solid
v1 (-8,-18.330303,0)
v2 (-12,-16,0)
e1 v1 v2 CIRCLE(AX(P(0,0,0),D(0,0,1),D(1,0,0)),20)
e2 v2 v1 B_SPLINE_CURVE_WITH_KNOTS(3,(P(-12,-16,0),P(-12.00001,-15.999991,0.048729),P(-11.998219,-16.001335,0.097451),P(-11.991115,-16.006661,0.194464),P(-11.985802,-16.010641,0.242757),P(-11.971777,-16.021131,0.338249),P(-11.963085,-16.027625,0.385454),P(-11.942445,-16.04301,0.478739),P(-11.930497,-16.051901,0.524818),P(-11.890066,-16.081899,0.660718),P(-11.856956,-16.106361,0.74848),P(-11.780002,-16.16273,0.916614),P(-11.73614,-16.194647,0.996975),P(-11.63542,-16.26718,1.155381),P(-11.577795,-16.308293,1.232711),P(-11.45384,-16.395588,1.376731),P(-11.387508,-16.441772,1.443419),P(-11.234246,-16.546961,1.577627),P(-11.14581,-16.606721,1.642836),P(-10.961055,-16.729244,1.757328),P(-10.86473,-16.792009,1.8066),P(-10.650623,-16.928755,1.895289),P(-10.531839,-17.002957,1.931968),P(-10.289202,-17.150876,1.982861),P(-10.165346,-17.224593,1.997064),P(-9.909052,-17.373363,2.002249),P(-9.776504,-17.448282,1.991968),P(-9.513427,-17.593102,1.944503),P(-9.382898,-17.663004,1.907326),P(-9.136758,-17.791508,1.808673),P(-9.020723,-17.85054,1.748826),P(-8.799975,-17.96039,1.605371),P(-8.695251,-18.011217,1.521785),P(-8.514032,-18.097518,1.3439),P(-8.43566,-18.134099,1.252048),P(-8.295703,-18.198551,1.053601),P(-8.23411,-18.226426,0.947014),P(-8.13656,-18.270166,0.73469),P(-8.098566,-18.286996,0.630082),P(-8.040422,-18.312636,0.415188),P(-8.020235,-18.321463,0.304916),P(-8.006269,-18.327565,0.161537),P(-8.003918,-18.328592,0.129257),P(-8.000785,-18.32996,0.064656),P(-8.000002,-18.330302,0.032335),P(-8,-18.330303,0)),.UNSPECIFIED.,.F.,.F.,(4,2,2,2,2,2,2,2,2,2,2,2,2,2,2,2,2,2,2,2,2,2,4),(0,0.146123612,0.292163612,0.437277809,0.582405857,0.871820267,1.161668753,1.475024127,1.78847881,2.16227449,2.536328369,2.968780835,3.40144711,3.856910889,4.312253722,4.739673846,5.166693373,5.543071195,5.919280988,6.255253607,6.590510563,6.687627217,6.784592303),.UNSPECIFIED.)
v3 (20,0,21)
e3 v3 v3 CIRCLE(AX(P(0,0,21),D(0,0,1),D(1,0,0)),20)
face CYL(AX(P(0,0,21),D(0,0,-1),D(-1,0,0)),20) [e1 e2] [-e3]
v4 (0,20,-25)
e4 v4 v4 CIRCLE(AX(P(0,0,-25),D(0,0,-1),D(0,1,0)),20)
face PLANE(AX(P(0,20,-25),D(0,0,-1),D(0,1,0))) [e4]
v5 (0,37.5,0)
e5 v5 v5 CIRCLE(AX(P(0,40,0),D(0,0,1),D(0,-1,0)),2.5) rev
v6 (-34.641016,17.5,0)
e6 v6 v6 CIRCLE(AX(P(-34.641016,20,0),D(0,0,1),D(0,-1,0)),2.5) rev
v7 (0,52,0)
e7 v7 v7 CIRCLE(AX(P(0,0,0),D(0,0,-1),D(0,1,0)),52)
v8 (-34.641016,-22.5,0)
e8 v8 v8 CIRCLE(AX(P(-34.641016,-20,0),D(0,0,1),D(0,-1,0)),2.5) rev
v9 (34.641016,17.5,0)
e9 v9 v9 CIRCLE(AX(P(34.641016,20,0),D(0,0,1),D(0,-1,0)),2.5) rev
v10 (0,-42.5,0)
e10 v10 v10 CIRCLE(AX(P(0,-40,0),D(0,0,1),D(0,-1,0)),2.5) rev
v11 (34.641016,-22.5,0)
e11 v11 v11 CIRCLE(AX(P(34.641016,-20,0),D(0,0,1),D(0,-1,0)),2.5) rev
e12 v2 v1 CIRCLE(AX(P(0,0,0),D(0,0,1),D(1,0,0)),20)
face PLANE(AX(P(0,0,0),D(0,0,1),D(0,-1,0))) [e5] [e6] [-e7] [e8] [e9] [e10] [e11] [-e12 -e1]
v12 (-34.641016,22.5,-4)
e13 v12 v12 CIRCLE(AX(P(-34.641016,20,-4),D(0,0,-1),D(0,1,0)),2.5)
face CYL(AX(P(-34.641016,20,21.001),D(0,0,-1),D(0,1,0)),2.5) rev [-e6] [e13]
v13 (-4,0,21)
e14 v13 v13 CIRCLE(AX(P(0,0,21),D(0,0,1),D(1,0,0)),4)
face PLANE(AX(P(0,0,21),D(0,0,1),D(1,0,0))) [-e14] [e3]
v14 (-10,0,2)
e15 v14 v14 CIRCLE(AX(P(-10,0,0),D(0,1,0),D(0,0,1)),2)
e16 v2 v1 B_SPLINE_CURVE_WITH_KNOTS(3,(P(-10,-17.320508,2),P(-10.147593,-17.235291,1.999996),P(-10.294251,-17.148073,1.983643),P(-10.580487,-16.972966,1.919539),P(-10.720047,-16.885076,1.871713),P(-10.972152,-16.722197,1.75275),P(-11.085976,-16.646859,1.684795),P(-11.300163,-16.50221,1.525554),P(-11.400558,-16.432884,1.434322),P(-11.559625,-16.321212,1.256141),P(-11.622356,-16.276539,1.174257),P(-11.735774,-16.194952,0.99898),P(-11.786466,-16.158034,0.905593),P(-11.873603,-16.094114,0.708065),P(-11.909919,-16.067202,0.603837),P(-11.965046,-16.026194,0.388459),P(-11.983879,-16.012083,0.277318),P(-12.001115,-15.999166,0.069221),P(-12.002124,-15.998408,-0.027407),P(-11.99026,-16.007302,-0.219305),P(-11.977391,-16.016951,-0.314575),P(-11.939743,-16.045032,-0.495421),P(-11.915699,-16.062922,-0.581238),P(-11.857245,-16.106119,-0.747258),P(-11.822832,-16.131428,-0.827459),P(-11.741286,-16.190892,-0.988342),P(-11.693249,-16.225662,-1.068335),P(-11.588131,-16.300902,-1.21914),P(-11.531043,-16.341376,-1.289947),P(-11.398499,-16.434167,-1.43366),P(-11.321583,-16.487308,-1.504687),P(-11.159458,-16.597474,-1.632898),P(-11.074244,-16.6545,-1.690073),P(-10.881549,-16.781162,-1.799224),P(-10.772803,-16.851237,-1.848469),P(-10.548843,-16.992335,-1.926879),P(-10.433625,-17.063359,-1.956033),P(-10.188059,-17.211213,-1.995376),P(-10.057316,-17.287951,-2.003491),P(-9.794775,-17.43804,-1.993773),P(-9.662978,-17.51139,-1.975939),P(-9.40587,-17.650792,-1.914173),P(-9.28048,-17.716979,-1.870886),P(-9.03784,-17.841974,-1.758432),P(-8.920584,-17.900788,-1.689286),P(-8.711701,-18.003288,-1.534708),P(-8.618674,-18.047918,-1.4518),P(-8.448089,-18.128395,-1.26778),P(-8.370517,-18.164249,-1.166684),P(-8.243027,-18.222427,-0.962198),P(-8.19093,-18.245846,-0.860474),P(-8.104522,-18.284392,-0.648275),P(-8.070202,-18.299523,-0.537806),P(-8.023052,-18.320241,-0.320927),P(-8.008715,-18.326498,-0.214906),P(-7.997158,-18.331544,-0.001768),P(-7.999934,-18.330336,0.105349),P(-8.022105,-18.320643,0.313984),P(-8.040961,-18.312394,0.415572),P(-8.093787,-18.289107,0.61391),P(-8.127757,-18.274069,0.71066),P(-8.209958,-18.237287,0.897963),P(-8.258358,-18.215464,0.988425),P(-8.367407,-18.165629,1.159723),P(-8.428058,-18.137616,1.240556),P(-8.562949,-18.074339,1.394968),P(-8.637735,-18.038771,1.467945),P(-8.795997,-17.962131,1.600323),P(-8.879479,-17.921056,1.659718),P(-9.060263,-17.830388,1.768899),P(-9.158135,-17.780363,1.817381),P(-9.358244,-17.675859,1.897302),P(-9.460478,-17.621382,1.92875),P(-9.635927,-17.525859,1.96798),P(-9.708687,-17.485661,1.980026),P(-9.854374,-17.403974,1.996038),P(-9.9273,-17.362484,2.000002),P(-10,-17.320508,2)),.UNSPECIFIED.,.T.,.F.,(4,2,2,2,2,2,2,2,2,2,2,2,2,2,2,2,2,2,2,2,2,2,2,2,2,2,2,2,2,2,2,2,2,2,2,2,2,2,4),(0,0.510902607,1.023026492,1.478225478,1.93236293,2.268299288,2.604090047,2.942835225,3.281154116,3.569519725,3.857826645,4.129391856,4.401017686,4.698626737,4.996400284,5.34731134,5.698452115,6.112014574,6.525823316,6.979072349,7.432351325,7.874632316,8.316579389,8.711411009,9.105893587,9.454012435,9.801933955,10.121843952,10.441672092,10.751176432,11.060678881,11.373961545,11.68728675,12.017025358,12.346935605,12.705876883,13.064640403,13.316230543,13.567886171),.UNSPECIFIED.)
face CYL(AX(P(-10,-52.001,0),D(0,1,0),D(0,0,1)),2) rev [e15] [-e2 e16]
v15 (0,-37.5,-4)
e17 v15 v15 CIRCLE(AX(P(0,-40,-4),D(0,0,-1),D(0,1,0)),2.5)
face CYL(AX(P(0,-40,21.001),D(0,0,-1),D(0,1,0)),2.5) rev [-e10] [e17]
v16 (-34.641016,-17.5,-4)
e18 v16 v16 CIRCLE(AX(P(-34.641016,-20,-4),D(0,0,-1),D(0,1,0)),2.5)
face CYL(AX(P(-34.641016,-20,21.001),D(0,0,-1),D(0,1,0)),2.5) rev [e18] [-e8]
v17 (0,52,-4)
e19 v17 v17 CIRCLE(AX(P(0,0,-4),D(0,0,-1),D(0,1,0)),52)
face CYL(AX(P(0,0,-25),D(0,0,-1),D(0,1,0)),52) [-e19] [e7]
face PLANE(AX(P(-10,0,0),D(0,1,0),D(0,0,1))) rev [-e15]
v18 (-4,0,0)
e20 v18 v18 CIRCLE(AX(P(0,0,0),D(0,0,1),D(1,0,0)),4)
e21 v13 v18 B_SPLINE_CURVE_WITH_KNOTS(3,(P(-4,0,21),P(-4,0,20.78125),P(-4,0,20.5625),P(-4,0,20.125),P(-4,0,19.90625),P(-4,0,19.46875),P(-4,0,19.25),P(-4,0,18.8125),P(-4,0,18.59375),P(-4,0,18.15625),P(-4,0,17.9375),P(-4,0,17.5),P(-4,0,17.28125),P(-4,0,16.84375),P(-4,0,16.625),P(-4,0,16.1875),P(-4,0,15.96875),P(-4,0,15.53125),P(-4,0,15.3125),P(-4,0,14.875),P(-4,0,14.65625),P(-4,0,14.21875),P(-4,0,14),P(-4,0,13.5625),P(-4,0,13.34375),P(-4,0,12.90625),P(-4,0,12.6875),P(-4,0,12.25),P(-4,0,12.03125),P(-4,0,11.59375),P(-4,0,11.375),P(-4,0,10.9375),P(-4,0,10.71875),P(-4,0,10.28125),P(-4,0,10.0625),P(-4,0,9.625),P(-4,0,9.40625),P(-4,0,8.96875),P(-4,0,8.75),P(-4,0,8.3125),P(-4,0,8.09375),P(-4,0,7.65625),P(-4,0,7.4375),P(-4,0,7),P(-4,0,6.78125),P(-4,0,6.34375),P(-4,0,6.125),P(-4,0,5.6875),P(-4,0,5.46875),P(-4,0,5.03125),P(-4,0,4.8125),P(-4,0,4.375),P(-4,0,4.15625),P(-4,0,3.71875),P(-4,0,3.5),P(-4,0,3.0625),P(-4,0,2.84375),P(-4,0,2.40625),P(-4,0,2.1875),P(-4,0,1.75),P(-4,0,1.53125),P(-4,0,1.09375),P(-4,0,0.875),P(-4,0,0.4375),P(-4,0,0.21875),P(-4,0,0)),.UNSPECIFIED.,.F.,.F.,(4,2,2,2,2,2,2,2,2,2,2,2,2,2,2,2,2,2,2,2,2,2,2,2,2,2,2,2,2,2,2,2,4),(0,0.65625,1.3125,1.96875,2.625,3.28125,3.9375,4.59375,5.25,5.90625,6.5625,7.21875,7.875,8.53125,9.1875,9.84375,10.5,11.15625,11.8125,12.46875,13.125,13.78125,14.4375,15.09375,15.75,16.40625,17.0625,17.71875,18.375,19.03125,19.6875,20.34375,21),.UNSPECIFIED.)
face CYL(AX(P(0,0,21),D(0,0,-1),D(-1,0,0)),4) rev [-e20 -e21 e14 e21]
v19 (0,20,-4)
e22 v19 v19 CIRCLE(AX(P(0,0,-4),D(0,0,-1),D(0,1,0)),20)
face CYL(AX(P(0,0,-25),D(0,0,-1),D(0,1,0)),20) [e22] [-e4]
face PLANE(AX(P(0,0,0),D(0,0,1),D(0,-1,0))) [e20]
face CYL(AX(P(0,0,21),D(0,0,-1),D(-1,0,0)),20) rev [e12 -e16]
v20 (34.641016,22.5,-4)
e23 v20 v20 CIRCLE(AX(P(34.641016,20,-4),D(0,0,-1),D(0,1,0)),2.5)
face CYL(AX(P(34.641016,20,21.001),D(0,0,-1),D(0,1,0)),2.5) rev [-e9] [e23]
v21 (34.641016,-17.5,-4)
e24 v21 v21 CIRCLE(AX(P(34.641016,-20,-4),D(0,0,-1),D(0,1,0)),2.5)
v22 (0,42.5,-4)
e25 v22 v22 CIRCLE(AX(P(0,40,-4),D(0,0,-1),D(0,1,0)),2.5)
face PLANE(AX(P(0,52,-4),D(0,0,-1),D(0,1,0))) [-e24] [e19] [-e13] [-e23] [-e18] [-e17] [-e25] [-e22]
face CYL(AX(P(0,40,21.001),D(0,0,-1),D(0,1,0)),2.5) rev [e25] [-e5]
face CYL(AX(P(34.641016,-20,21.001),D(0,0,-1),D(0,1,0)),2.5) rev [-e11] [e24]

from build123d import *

# Parameters (mm, degrees)
SKETCH2_R               = 20
SKETCH2_R_2             = 4
BOSS_EXTRUDE1_DEPTH     = 21
CUT_EXTRUDE2_REACH      = 79.672
SKETCH3_R               = 2.5
CUT_EXTRUDE3_REACH      = 79.672
CUT_EXTRUDE3_END_RADIUS = 20
SKETCH4_R               = 2


with BuildPart() as part:
    # Sketch1 → Revolve1 (revolve)
    with BuildSketch(Plane(origin=(0, 0, 0), x_dir=(0, 0, -1), z_dir=(1, 0, 0))):
        Polygon((0, 0), (0, 52), (4, 52), (4, 20), (25, 20), (25, 0), align=None)
    revolve(axis=Axis((0, 0, -25), (0, 0, 1)))

    # Sketch2 → Boss-Extrude1 (add)
    with BuildSketch(Plane.XY):
        with Locations(Location((0, 0, 0), (0, 0, 90))):
            Circle(SKETCH2_R)
        with Locations(Location((0, 0, 0), (0, 0, 180))):
            Circle(SKETCH2_R_2, mode=Mode.SUBTRACT)
    extrude(amount=BOSS_EXTRUDE1_DEPTH)

    # Sketch3 → Cut-Extrude2 (cut, up to next)
    with BuildSketch(Plane(origin=(0, 0, -4), x_dir=(-1, 0, 0), z_dir=(0, 0, -1)), mode=Mode.PRIVATE) as cut_extrude2_sk1:
        with Locations(Location((0, 40, 0), (0, 0, 90))):
            Circle(SKETCH3_R)
    cut_extrude2_tool1 = extrude(cut_extrude2_sk1.sketch, amount=-CUT_EXTRUDE2_REACH, mode=Mode.PRIVATE) & part.part
    # Sketch3 → Cut-Extrude2 (cut, up to next)
    with BuildSketch(Plane(origin=(0, 0, -4), x_dir=(-1, 0, 0), z_dir=(0, 0, -1)), mode=Mode.PRIVATE) as cut_extrude2_sk2:
        with Locations(Location((34.641016151, 20, 0), (0, 0, 90))):
            Circle(SKETCH3_R)
    cut_extrude2_tool2 = extrude(cut_extrude2_sk2.sketch, amount=-CUT_EXTRUDE2_REACH, mode=Mode.PRIVATE) & part.part
    # Sketch3 → Cut-Extrude2 (cut, up to next)
    with BuildSketch(Plane(origin=(0, 0, -4), x_dir=(-1, 0, 0), z_dir=(0, 0, -1)), mode=Mode.PRIVATE) as cut_extrude2_sk3:
        with Locations(Location((34.641016151, -20, 0), (0, 0, 90))):
            Circle(SKETCH3_R)
    cut_extrude2_tool3 = extrude(cut_extrude2_sk3.sketch, amount=-CUT_EXTRUDE2_REACH, mode=Mode.PRIVATE) & part.part
    # Sketch3 → Cut-Extrude2 (cut, up to next)
    with BuildSketch(Plane(origin=(0, 0, -4), x_dir=(-1, 0, 0), z_dir=(0, 0, -1)), mode=Mode.PRIVATE) as cut_extrude2_sk4:
        with Locations(Location((0, -40, 0), (0, 0, 90))):
            Circle(SKETCH3_R)
    cut_extrude2_tool4 = extrude(cut_extrude2_sk4.sketch, amount=-CUT_EXTRUDE2_REACH, mode=Mode.PRIVATE) & part.part
    # Sketch3 → Cut-Extrude2 (cut, up to next)
    with BuildSketch(Plane(origin=(0, 0, -4), x_dir=(-1, 0, 0), z_dir=(0, 0, -1)), mode=Mode.PRIVATE) as cut_extrude2_sk5:
        with Locations(Location((-34.641016151, -20, 0), (0, 0, 90))):
            Circle(SKETCH3_R)
    cut_extrude2_tool5 = extrude(cut_extrude2_sk5.sketch, amount=-CUT_EXTRUDE2_REACH, mode=Mode.PRIVATE) & part.part
    # Sketch3 → Cut-Extrude2 (cut, up to next)
    with BuildSketch(Plane(origin=(0, 0, -4), x_dir=(-1, 0, 0), z_dir=(0, 0, -1)), mode=Mode.PRIVATE) as cut_extrude2_sk6:
        with Locations(Location((-34.641016151, 20, 0), (0, 0, 90))):
            Circle(SKETCH3_R)
    cut_extrude2_tool6 = extrude(cut_extrude2_sk6.sketch, amount=-CUT_EXTRUDE2_REACH, mode=Mode.PRIVATE) & part.part
    add(cut_extrude2_tool1.solids().sort_by_distance((0, 40, -4))[0], mode=Mode.SUBTRACT)
    add(cut_extrude2_tool2.solids().sort_by_distance((-34.641016, 20, -4))[0], mode=Mode.SUBTRACT)
    add(cut_extrude2_tool3.solids().sort_by_distance((-34.641016, -20, -4))[0], mode=Mode.SUBTRACT)
    add(cut_extrude2_tool4.solids().sort_by_distance((0, -40, -4))[0], mode=Mode.SUBTRACT)
    add(cut_extrude2_tool5.solids().sort_by_distance((34.641016, -20, -4))[0], mode=Mode.SUBTRACT)
    add(cut_extrude2_tool6.solids().sort_by_distance((34.641016, 20, -4))[0], mode=Mode.SUBTRACT)

    # Cut-Extrude3: up to this cylinder (the profile starts inside it)
    cut_extrude3_end = Plane(origin=(0, 0, 0), z_dir=(0, 0, -1)) * Cylinder(CUT_EXTRUDE3_END_RADIUS, 200.344, mode=Mode.PRIVATE)
    # Sketch4 → Cut-Extrude3 (cut, up to the surface)
    with BuildSketch(Plane(origin=(0, 0, 0), x_dir=(1, 0, 0), z_dir=(0, 1, 0)), mode=Mode.PRIVATE) as cut_extrude3_sk1:
        with Locations(Location((-10, 0, 0), (0, 0, 270))):
            Circle(SKETCH4_R)
    cut_extrude3_tool1 = extrude(cut_extrude3_sk1.sketch, amount=-CUT_EXTRUDE3_REACH, mode=Mode.PRIVATE) & cut_extrude3_end
    add(cut_extrude3_tool1.solids().sort_by_distance((-10, 0, 0))[0], mode=Mode.SUBTRACT)


solid = part.part
